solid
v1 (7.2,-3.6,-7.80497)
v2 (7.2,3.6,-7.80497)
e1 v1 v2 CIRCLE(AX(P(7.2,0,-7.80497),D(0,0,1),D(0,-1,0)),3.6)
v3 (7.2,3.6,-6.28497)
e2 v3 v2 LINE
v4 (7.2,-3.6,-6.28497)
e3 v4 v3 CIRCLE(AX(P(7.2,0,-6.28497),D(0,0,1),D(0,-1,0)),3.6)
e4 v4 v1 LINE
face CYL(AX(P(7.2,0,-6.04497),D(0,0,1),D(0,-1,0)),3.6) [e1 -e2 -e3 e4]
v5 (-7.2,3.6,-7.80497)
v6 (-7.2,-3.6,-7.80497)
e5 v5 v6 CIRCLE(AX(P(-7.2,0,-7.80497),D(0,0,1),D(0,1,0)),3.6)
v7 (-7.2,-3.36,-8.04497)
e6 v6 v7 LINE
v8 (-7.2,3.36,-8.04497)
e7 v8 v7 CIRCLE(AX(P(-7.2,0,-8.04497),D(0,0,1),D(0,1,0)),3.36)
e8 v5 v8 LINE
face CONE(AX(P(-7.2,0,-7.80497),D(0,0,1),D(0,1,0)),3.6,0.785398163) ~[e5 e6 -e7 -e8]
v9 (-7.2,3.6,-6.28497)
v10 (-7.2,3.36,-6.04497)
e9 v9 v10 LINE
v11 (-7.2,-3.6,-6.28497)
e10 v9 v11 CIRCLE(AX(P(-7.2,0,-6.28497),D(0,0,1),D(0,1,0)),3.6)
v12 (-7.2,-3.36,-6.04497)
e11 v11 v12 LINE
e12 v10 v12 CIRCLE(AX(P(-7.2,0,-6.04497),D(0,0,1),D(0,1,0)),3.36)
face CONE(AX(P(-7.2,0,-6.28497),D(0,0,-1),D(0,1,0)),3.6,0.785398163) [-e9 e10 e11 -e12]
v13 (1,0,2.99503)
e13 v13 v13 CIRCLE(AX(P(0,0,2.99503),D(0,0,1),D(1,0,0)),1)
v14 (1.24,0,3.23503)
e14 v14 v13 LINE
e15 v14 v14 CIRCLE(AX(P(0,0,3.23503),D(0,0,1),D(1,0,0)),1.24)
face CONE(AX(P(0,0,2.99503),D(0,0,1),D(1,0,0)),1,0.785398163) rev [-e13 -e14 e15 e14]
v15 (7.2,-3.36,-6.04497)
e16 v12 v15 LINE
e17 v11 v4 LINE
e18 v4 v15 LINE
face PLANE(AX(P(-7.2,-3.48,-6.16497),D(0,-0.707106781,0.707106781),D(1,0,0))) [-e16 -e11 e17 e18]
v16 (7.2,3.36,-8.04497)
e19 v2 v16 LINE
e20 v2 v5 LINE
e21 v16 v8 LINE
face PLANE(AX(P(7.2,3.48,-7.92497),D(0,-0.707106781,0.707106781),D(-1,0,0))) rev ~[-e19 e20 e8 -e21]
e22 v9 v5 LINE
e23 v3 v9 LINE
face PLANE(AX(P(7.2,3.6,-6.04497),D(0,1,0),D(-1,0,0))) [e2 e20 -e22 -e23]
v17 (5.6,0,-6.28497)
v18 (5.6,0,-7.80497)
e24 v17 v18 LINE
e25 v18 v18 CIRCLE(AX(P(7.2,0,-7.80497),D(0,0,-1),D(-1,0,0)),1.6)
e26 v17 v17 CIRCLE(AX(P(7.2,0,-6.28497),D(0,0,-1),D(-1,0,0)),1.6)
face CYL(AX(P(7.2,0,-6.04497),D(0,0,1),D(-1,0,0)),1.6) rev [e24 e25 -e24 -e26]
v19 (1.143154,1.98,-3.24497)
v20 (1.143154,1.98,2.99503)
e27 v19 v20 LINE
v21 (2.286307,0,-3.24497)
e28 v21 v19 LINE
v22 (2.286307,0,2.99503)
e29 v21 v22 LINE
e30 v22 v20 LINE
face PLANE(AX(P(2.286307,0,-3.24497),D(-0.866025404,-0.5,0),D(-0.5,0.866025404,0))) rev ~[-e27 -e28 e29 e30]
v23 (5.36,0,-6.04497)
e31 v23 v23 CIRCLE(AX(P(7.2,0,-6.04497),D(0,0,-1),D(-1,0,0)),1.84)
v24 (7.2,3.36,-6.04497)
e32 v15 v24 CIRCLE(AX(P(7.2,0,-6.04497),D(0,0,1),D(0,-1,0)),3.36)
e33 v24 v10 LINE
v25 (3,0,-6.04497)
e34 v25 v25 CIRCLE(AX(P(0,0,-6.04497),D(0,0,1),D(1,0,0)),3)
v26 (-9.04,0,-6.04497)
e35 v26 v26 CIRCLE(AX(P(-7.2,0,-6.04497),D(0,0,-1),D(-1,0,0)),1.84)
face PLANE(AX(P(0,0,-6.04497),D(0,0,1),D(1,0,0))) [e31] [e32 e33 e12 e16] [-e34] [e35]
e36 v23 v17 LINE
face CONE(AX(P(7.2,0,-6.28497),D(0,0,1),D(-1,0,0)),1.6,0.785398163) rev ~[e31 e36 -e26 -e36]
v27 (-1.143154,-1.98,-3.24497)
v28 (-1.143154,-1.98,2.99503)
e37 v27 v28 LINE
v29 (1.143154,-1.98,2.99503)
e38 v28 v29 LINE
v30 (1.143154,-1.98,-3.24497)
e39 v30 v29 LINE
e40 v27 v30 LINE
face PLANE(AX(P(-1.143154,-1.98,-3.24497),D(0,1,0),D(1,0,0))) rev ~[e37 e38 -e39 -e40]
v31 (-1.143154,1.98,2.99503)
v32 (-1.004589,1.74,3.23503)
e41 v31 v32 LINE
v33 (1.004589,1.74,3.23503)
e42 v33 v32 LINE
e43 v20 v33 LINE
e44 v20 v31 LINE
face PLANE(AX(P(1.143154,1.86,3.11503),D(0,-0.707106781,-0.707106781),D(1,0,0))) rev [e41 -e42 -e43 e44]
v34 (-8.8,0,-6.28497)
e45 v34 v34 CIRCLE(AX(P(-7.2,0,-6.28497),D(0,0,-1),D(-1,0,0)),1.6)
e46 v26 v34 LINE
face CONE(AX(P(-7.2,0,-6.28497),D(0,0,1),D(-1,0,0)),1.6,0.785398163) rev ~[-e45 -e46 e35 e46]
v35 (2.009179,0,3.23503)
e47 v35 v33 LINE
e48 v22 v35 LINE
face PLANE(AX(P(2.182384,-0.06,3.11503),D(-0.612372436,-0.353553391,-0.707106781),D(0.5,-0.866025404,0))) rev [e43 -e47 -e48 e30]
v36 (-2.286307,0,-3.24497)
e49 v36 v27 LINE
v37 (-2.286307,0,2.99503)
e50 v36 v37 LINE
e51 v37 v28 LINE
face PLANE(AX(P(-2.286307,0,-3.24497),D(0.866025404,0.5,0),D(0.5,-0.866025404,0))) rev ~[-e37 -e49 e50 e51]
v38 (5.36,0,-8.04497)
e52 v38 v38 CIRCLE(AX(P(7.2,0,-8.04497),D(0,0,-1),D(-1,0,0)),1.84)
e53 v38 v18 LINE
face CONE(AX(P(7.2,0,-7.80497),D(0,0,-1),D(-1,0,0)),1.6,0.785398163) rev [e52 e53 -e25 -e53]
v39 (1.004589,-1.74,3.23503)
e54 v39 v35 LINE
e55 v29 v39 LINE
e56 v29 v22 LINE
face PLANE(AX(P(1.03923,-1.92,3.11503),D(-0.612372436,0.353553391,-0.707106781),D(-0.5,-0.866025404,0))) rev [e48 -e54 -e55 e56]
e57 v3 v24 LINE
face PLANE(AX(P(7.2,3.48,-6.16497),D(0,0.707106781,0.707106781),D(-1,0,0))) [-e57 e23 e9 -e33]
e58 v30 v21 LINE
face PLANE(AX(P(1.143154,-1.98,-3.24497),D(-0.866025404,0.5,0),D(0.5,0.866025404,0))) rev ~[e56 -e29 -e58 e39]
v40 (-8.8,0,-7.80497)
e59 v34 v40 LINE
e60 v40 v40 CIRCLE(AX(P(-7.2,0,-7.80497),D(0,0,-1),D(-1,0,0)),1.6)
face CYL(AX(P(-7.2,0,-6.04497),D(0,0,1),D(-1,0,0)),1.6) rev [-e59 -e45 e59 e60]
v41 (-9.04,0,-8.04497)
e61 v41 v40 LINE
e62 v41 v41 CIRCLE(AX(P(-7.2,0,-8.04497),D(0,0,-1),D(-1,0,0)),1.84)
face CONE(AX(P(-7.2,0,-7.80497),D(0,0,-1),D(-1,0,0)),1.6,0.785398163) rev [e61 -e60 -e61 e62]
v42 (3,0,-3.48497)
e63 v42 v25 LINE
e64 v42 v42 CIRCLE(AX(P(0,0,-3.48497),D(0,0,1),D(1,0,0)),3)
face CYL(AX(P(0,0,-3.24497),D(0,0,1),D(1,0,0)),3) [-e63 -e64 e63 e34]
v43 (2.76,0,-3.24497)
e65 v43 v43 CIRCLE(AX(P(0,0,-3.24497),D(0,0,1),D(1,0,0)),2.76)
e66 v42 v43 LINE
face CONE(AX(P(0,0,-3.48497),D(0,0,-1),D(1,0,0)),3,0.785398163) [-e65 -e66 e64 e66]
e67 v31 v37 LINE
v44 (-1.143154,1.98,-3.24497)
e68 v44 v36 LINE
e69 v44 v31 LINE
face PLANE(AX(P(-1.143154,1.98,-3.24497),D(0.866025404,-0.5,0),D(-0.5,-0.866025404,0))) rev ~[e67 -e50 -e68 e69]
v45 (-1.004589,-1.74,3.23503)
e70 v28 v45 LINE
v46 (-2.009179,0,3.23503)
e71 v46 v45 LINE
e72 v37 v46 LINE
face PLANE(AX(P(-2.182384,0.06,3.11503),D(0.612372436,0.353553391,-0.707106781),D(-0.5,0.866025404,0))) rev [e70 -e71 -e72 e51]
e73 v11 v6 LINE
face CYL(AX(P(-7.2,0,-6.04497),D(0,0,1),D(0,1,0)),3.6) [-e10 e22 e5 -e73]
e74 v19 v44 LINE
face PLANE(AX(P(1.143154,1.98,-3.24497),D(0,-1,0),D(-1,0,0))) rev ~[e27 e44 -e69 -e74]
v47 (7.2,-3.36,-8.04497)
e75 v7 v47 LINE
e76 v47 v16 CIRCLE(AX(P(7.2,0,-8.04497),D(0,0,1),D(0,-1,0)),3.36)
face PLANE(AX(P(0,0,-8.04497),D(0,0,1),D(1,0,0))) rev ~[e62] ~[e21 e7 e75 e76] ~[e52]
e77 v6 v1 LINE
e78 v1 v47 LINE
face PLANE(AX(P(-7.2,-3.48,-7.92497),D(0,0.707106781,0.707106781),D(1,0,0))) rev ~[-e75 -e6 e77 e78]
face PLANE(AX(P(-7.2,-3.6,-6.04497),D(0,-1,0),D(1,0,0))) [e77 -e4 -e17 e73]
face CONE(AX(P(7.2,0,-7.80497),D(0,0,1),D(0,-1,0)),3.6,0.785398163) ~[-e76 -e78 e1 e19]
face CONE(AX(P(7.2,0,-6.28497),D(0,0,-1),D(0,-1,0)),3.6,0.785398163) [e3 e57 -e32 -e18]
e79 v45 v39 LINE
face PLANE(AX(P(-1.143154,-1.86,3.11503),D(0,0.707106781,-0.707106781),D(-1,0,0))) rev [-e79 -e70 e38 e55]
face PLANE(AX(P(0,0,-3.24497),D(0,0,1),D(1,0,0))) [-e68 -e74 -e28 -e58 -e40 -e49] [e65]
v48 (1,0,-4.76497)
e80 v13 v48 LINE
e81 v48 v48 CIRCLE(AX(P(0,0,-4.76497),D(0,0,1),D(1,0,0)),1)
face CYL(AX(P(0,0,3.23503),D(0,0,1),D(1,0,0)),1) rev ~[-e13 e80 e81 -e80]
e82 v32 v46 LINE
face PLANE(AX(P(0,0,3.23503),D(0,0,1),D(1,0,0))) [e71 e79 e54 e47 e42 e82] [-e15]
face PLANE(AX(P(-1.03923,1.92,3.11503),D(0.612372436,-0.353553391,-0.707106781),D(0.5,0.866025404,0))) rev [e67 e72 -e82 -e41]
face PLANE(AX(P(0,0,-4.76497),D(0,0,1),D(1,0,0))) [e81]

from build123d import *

# Parameters (mm, degrees)
BOSS_EXTRUDE1_DEPTH = 16.2
SKETCH2_R           = 7.5
BOSS_EXTRUDE2_DEPTH = 7
SKETCH3_R           = 4
BOSS_EXTRUDE3_DEPTH = 5
SKETCH4_R           = 2.5
CUT_EXTRUDE1_DEPTH  = 20
CHAMFER1_SIZE       = 0.6
SCALE1_SCALE        = 0.4


with BuildPart() as part:
    # Sketch1 → Boss-Extrude1 (new body)
    with BuildSketch(Plane.XY):
        Polygon((2.857883832, -4.95), (5.715767665, 0), (2.857883832, 4.95), (-2.857883832, 4.95), (-5.715767665, 0), (-2.857883832, -4.95), align=None)
    extrude(amount=BOSS_EXTRUDE1_DEPTH)

    # Sketch2 → Boss-Extrude2 (add)
    with BuildSketch(Plane.XY):
        Circle(SKETCH2_R)
    extrude(amount=-BOSS_EXTRUDE2_DEPTH)

    # Sketch3 → Boss-Extrude3 (add)
    with BuildSketch(Plane(origin=(0, 0, -7), x_dir=(-1, 0, 0), z_dir=(0, 0, -1))):
        with BuildLine():
            Line((-18, 9), (18, 9))
            ThreePointArc((18, 9), (27, 0), (18, -9))
            Line((18, -9), (-18, -9))
            ThreePointArc((-18, -9), (-27, 0), (-18, 9))
        make_face()
        with Locations((-18, 0)):
            Circle(SKETCH3_R, mode=Mode.SUBTRACT)
        with Locations((18, 0)):
            Circle(SKETCH3_R, mode=Mode.SUBTRACT)
    extrude(amount=BOSS_EXTRUDE3_DEPTH)

    # Sketch4 → Cut-Extrude1 (cut)
    with BuildSketch(Plane.XY.offset(16.2)):
        Circle(SKETCH4_R)
    extrude(amount=-CUT_EXTRUDE1_DEPTH, mode=Mode.SUBTRACT)

    # Chamfer1
    chamfer1_edges = [part.edges().sort_by_distance(p)[0] for p in [
        (4.286825749, 2.475, 16.2),
        (0, 4.95, 16.2),
        (-7.5, 0, 0),
        (-4.286825749, 2.475, 16.2),
        (-4.286825749, -2.475, 16.2),
        (27, 0, -12),
        (0, -9, -12),
        (-27, 0, -12),
        (0, 9, -12),
        (22, 0, -7),
        (-14, 0, -7),
        (27, 0, -7),
        (0, -9, -7),
        (-27, 0, -7),
        (0, 9, -7),
        (22, 0, -12),
        (-14, 0, -12),
        (-2.5, 0, 16.2),
        (0, -4.95, 16.2),
        (4.286825749, -2.475, 16.2),
    ]]
    chamfer(chamfer1_edges, length=CHAMFER1_SIZE)


with BuildPart() as part_1:
    # Scale1: scaled about (0, 0, -5.408282587)
    add(part.part.scale(SCALE1_SCALE).moved(Location((0, 0, -3.244969552))))


solid = part_1.part
